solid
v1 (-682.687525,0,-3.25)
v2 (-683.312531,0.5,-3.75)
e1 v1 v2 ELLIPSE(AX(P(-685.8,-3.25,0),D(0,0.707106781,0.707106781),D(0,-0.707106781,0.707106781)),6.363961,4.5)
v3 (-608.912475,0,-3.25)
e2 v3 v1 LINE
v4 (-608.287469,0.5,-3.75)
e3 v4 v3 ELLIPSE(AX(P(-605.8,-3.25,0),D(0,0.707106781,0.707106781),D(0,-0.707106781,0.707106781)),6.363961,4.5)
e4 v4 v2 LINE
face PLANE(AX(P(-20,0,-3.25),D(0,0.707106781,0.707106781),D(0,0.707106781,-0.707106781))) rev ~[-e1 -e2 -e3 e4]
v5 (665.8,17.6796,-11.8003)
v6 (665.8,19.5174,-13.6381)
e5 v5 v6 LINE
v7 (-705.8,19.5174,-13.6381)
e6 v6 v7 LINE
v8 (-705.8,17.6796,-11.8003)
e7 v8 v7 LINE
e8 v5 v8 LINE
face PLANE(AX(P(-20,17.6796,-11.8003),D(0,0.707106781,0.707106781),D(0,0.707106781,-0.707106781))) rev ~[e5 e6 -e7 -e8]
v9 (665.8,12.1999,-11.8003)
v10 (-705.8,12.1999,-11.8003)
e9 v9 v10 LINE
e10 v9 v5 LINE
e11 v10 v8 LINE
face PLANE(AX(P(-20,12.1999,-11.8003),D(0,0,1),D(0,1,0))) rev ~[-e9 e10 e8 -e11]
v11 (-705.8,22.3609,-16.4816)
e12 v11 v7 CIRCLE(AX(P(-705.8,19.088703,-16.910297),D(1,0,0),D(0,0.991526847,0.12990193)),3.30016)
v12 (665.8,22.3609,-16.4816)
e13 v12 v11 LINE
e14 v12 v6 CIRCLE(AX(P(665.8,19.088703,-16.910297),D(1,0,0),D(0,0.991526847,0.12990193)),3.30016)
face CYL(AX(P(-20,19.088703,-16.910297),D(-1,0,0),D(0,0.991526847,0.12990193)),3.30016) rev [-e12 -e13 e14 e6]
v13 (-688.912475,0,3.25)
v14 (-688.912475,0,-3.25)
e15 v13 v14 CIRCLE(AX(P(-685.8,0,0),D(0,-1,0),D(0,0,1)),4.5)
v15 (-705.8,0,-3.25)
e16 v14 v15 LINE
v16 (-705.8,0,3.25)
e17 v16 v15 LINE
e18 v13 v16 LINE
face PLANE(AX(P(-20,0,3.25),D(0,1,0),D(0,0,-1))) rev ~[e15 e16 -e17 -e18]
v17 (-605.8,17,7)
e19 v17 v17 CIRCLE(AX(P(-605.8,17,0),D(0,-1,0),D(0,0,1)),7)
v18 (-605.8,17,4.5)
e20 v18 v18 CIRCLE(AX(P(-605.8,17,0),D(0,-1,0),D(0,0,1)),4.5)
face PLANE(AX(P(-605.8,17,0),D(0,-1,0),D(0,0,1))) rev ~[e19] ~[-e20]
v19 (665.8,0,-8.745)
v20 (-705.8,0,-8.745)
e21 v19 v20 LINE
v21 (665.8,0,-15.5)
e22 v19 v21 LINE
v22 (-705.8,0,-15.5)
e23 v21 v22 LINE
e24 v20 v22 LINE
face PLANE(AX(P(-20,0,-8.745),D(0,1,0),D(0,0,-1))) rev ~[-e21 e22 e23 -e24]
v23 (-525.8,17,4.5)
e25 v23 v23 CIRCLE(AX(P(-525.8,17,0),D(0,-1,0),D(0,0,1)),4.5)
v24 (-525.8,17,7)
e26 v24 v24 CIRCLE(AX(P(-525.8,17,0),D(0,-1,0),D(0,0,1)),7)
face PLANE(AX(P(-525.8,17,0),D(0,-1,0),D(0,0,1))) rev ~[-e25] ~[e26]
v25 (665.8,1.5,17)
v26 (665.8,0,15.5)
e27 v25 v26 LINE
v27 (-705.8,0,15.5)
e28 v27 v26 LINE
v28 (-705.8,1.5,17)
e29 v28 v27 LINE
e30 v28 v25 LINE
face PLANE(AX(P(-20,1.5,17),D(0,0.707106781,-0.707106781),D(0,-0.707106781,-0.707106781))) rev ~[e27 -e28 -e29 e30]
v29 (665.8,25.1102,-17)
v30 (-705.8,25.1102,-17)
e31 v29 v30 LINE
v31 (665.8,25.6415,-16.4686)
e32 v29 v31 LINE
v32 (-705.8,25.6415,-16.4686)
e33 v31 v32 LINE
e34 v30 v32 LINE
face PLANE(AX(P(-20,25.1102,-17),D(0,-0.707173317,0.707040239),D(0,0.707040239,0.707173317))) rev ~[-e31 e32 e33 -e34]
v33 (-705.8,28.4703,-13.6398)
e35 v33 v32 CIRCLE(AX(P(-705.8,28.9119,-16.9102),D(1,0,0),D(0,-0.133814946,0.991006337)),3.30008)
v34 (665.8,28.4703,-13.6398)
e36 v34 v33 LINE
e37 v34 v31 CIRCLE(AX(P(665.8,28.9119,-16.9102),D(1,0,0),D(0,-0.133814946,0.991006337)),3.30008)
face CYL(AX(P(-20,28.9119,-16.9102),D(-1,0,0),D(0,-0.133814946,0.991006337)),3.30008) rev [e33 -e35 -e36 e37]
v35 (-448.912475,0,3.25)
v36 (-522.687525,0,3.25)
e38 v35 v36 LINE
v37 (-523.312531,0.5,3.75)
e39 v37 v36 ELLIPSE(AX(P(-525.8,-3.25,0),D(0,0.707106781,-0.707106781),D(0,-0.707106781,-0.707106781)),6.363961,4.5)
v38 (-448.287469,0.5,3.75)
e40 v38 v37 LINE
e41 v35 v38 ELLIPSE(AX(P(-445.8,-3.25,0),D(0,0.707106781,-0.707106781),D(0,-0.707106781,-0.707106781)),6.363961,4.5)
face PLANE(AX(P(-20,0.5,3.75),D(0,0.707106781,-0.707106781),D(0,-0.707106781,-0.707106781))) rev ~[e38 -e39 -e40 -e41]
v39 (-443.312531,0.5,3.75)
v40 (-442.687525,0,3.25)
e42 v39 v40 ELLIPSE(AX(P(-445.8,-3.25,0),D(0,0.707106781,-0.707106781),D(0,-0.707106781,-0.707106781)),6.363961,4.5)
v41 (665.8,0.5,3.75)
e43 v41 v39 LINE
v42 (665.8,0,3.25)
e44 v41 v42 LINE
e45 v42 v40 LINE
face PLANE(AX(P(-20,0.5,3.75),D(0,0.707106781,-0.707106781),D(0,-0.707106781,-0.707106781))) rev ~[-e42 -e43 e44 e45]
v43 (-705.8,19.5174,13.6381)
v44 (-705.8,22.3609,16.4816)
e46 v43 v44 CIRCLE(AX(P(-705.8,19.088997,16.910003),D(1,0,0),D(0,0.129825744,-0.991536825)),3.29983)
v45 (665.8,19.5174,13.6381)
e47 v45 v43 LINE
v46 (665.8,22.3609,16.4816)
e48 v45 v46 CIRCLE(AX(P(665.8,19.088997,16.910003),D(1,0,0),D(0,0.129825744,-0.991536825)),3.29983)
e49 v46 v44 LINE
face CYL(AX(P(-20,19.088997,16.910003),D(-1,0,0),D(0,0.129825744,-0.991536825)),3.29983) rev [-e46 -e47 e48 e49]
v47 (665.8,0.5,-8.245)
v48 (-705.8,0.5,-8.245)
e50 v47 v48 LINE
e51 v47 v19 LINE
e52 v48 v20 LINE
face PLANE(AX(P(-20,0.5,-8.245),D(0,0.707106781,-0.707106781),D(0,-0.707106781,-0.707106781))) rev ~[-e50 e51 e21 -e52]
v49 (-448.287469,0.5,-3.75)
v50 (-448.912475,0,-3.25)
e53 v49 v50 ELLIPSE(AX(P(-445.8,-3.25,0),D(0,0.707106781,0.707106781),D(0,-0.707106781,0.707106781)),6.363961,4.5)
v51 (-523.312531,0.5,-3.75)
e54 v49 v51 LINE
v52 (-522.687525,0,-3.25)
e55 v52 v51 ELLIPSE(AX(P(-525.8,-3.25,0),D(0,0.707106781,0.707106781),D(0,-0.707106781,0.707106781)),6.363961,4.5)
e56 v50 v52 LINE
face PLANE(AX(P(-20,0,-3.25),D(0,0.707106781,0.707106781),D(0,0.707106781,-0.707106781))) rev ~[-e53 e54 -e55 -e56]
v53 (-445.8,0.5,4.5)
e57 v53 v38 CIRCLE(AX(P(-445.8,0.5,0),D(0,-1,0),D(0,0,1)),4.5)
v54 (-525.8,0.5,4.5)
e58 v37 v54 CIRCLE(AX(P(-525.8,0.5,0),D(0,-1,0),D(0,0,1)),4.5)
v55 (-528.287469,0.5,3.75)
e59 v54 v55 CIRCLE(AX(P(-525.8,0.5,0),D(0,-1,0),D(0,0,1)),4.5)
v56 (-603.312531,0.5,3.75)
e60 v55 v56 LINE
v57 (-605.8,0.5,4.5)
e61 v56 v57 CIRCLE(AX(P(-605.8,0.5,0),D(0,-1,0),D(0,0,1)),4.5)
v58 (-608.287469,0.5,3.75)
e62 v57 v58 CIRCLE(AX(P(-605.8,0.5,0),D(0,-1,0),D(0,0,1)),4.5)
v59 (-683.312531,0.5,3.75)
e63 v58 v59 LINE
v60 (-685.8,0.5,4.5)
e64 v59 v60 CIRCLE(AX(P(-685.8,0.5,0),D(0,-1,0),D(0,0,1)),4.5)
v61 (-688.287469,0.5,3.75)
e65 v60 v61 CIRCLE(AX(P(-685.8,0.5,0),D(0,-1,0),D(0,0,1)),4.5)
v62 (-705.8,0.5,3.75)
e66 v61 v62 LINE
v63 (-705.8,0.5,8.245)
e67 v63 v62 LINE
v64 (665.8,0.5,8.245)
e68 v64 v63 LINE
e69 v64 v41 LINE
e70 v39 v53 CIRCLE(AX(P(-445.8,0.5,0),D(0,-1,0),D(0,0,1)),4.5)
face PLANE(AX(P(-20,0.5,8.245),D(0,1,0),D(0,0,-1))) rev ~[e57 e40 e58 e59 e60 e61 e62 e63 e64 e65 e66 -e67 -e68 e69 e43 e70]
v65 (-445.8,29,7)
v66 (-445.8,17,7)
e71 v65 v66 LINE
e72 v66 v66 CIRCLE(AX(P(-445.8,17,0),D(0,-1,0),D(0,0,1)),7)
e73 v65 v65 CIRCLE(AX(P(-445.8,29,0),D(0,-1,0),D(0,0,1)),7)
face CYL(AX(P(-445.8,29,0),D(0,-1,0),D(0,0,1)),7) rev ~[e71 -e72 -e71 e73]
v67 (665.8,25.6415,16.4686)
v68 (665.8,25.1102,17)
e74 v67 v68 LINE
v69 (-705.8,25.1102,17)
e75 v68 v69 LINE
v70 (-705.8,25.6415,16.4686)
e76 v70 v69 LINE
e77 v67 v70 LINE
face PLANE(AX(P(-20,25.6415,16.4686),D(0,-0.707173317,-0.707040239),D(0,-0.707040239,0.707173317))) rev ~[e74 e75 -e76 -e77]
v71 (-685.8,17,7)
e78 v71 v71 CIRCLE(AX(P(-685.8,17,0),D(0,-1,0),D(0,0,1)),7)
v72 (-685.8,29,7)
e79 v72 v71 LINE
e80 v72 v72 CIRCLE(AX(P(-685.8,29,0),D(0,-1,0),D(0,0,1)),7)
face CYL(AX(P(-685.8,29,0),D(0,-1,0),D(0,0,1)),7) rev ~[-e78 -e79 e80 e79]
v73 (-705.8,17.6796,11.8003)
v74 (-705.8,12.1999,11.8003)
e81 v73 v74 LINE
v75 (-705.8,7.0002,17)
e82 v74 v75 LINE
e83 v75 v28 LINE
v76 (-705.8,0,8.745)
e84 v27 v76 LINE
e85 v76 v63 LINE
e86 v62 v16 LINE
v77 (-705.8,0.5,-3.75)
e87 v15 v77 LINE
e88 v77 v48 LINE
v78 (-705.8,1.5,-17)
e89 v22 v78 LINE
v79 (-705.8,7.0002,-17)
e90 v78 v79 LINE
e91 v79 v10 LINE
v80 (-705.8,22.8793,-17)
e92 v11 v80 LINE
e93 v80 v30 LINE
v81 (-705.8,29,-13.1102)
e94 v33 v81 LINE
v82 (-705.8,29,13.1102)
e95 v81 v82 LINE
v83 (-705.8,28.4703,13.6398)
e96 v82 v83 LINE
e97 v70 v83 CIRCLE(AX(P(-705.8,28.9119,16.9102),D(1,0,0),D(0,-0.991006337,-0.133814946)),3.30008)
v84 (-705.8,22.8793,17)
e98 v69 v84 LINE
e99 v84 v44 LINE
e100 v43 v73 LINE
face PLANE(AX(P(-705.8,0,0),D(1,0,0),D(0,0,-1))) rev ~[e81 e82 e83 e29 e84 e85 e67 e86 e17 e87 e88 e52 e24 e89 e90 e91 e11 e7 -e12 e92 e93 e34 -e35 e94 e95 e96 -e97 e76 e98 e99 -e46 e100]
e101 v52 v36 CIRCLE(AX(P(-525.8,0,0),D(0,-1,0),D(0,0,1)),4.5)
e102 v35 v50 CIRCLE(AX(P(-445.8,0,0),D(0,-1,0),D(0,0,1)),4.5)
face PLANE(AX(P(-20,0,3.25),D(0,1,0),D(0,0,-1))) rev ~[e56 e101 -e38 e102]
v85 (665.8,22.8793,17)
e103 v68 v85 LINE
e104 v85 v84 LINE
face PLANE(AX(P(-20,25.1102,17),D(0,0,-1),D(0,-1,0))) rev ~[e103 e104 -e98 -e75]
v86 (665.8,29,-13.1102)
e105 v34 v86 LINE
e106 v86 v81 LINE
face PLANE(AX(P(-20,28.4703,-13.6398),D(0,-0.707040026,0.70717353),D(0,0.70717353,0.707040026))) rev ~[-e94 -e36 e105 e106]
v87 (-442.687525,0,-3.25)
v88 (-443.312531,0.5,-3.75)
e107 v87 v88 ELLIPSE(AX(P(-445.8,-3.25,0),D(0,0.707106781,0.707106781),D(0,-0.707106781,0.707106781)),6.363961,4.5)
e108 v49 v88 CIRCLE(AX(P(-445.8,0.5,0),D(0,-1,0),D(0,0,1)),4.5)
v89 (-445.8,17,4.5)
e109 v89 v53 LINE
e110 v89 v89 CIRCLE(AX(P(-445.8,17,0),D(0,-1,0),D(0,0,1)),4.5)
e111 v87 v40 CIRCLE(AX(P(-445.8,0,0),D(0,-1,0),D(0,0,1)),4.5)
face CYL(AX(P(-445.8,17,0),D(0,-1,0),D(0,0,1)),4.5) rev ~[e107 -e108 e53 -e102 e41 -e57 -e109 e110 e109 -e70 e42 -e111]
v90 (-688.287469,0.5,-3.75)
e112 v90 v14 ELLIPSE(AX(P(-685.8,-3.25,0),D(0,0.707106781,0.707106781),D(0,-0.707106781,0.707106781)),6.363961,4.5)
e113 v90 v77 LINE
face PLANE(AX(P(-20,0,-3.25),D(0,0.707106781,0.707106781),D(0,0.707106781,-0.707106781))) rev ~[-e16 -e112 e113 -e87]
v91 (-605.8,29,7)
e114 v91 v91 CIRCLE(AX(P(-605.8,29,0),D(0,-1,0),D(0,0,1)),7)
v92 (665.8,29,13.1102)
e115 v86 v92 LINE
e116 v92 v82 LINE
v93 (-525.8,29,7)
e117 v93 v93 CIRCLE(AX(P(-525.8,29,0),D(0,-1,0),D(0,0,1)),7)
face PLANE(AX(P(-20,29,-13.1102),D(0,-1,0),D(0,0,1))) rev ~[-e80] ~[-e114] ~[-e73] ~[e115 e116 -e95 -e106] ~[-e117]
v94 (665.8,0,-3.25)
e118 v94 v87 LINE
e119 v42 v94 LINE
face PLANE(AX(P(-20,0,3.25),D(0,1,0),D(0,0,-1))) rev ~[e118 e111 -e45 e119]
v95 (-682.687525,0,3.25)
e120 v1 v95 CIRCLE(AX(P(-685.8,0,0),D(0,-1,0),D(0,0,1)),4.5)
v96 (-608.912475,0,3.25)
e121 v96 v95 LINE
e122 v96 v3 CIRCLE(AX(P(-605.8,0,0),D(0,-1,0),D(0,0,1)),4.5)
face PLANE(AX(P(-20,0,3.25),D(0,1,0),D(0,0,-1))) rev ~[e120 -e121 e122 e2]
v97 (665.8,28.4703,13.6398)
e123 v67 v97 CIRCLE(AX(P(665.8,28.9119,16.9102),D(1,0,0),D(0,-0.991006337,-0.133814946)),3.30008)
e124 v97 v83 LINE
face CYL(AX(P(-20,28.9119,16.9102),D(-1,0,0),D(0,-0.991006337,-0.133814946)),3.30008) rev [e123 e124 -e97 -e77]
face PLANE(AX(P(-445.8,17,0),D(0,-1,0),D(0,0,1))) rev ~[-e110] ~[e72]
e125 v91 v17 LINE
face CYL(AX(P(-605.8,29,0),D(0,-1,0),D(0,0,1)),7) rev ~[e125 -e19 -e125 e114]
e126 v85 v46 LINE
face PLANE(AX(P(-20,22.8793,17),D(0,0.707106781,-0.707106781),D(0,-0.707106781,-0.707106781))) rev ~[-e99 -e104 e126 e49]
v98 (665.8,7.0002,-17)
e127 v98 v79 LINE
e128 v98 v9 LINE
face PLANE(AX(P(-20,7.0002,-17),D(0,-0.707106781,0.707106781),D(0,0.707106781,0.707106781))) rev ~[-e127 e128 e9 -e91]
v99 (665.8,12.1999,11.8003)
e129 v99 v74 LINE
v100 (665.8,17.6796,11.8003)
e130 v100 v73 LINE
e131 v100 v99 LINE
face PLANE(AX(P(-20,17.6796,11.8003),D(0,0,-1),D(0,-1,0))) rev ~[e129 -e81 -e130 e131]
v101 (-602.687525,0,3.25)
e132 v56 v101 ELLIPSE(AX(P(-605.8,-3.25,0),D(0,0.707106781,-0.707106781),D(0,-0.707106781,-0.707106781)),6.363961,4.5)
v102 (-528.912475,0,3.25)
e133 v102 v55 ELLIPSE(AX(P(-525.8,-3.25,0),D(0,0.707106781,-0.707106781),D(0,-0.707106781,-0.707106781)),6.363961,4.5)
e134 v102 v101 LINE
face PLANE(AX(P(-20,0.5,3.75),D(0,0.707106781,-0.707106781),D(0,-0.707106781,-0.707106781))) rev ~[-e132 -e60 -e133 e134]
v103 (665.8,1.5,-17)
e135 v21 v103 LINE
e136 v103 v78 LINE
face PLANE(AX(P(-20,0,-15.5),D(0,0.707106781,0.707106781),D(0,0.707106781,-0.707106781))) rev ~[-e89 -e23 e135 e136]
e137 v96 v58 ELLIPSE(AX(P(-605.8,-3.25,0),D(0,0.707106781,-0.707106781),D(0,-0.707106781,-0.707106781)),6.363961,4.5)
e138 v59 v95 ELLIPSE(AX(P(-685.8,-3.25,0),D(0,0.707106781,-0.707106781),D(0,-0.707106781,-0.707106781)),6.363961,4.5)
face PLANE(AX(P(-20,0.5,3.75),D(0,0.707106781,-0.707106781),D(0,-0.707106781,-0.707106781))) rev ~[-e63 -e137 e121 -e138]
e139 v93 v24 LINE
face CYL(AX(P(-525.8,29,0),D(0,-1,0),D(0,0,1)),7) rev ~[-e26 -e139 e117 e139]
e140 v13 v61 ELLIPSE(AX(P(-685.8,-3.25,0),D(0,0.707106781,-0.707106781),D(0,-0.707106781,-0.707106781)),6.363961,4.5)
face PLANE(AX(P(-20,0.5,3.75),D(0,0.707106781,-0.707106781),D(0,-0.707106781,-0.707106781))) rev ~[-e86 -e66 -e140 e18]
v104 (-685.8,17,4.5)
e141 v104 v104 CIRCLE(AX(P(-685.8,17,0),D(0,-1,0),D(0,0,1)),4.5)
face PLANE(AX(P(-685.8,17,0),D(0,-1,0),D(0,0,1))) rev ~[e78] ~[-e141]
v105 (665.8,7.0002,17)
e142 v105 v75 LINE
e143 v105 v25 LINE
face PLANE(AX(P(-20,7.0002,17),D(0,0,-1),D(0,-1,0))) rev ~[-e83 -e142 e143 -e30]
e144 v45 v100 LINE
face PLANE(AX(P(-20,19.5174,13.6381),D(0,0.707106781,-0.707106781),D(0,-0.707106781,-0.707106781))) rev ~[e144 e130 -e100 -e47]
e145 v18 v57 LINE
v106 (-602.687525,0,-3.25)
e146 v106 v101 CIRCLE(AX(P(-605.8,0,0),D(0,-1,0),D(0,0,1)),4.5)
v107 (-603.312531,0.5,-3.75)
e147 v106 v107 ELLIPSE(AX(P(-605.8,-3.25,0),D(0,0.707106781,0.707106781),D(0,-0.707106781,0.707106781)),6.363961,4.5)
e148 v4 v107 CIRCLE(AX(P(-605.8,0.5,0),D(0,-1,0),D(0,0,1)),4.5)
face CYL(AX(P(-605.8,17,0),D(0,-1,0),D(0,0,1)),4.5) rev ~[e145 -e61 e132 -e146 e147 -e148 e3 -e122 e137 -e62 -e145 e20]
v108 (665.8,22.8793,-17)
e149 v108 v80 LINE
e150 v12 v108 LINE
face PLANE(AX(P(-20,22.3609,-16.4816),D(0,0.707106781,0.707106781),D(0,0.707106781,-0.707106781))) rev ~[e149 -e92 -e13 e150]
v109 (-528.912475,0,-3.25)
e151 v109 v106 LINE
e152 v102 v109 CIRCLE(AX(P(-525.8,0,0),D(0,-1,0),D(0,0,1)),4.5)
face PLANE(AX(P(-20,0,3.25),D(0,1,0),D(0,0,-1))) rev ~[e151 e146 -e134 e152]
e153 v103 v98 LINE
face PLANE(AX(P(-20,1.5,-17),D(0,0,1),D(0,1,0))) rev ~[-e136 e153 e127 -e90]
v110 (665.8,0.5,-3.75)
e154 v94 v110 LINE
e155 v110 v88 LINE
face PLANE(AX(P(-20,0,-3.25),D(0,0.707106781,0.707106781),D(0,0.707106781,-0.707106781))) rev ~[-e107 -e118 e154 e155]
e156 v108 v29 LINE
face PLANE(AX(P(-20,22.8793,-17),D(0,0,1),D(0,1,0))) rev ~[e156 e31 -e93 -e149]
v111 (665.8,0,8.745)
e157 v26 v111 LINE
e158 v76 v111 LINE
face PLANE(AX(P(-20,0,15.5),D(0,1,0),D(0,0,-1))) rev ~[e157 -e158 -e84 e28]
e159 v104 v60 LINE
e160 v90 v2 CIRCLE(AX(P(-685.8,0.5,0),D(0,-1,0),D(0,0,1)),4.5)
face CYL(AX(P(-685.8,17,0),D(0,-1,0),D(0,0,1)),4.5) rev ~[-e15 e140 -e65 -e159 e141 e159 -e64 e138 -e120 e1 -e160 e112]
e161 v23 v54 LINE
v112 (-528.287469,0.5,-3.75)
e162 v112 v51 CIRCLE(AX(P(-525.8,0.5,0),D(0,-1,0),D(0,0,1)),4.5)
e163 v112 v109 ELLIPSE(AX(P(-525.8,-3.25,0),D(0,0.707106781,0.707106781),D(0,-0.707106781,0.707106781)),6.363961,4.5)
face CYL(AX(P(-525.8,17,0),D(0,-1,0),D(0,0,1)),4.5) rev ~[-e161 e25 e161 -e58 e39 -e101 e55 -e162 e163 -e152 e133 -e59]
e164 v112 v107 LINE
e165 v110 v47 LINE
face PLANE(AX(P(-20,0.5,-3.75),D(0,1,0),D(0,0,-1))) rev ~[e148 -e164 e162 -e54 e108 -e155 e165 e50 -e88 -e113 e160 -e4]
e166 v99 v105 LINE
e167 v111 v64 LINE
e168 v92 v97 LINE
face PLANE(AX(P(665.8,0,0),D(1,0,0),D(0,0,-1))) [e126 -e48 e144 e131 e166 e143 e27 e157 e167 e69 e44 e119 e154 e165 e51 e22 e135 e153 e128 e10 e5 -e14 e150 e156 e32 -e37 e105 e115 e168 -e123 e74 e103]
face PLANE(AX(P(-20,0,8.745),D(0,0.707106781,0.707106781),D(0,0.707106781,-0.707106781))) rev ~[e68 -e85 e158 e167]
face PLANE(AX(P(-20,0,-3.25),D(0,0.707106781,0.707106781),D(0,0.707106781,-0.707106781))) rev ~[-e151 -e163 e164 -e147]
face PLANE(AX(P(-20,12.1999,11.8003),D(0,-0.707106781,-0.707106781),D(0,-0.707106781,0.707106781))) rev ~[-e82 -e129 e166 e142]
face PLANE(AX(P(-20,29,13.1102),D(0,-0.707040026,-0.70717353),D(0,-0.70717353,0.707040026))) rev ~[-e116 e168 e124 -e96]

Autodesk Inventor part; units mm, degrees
sketch "Sketch_18" plane through (-20, 0, 0) normal (1, 0, 0) x (0, 0, -1)
  line L0 (-17, 1.5) -> (-15.5, 0)
  line L1 (-15.5, 0) -> (-8.745, 0)
  line L2 (-8.745, 0) -> (-8.245, 0.5)
  line L3 (-8.245, 0.5) -> (-3.75, 0.5)
  line L4 (-3.75, 0.5) -> (-3.25, 0)
  line L5 (-3.25, 0) -> (3.25, 0)
  line L6 (3.25, 0) -> (3.75, 0.5)
  line L7 (3.75, 0.5) -> (8.245, 0.5)
  line L8 (8.245, 0.5) -> (8.745, 0)
  line L9 (8.745, 0) -> (15.5, 0)
  line L10 (15.5, 0) -> (17, 1.5)
  line L11 (17, 1.5) -> (17, 7.0002)
  line L12 (17, 7.0002) -> (11.8003, 12.1999)
  line L13 (11.8003, 12.1999) -> (11.8003, 17.6796)
  line L14 (11.8003, 17.6796) -> (13.6381, 19.5174)
  arc A0 (16.4816, 22.3609) -> (13.6381, 19.5174) centre (16.9102, 19.0889) ccw
  line L15 (16.4816, 22.3609) -> (17, 22.8793)
  line L16 (17, 22.8793) -> (17, 25.1102)
  line L17 (17, 25.1102) -> (16.4686, 25.6415)
  arc A1 (13.6398, 28.4703) -> (16.4686, 25.6415) centre (16.9102, 28.9119) ccw
  line L18 (13.6398, 28.4703) -> (13.1102, 29)
  line L19 (13.1102, 29) -> (-13.1102, 29)
  line L20 (-13.1102, 29) -> (-13.6398, 28.4703)
  arc A2 (-16.4686, 25.6415) -> (-13.6398, 28.4703) centre (-16.9102, 28.9119) ccw
  line L21 (-16.4686, 25.6415) -> (-17, 25.1102)
  line L22 (-17, 25.1102) -> (-17, 22.8793)
  line L23 (-17, 22.8793) -> (-16.4816, 22.3609)
  arc A3 (-13.6381, 19.5174) -> (-16.4816, 22.3609) centre (-16.9102, 19.0889) ccw
  line L24 (-13.6381, 19.5174) -> (-11.8003, 17.6796)
  line L25 (-11.8003, 17.6796) -> (-11.8003, 12.1999)
  line L26 (-11.8003, 12.1999) -> (-17, 7.0002)
  line L27 (-17, 7.0002) -> (-17, 1.5)
extrude "Extrusion1" add sketch "Sketch_18" along normal mid plane 1371.6
sketch "Sketch2" plane through (-705.8, 29, 13.1102) normal (0, 1, 0) x (1, 0, 0)
  point P0 (20, 13.1102)
hole "Hole1" at (-685.8, 29, 0) direction (0, -1, 0) diameter 9 depth 29 counterbore diameter 14 counterbore depth 12
pattern_linear "Rectangular Pattern1" count 4 spacing 80 along (1, 0, 0) of "Hole1"
ref_plane "4dummy_XY" through (0, 0, 0) normal (1, 0, 0) x (0, 0, -1)
ref_plane "4dummy_YZ" through (0, 0, 0) normal (0, 0, -1) x (0, 1, 0)
ref_plane "4dummy_ZX" through (0, 0, 0) normal (0, 1, 0) x (1, 0, 0)
ref_plane "4slide_XY" through (-20, 7.5, 0) normal (1, 0, 0) x (0, 0, -1)
ref_plane "4slide_YZ" through (-20, 7.5, 0) normal (0, 0, -1) x (0, 1, 0)
ref_plane "4slide_ZX" through (-20, 7.5, 0) normal (0, 1, 0) x (1, 0, 0)
ref_plane "4track_XY" through (0, 0, 0) normal (0, 0, 1) x (1, 0, 0)
ref_plane "4track_YZ" through (0, 0, 0) normal (1, 0, 0) x (0, 1, 0)
ref_plane "4track_ZX" through (0, 0, 0) normal (0, 1, 0) x (0, 0, 1)
properties part number "HSR35R128020 Rail"
